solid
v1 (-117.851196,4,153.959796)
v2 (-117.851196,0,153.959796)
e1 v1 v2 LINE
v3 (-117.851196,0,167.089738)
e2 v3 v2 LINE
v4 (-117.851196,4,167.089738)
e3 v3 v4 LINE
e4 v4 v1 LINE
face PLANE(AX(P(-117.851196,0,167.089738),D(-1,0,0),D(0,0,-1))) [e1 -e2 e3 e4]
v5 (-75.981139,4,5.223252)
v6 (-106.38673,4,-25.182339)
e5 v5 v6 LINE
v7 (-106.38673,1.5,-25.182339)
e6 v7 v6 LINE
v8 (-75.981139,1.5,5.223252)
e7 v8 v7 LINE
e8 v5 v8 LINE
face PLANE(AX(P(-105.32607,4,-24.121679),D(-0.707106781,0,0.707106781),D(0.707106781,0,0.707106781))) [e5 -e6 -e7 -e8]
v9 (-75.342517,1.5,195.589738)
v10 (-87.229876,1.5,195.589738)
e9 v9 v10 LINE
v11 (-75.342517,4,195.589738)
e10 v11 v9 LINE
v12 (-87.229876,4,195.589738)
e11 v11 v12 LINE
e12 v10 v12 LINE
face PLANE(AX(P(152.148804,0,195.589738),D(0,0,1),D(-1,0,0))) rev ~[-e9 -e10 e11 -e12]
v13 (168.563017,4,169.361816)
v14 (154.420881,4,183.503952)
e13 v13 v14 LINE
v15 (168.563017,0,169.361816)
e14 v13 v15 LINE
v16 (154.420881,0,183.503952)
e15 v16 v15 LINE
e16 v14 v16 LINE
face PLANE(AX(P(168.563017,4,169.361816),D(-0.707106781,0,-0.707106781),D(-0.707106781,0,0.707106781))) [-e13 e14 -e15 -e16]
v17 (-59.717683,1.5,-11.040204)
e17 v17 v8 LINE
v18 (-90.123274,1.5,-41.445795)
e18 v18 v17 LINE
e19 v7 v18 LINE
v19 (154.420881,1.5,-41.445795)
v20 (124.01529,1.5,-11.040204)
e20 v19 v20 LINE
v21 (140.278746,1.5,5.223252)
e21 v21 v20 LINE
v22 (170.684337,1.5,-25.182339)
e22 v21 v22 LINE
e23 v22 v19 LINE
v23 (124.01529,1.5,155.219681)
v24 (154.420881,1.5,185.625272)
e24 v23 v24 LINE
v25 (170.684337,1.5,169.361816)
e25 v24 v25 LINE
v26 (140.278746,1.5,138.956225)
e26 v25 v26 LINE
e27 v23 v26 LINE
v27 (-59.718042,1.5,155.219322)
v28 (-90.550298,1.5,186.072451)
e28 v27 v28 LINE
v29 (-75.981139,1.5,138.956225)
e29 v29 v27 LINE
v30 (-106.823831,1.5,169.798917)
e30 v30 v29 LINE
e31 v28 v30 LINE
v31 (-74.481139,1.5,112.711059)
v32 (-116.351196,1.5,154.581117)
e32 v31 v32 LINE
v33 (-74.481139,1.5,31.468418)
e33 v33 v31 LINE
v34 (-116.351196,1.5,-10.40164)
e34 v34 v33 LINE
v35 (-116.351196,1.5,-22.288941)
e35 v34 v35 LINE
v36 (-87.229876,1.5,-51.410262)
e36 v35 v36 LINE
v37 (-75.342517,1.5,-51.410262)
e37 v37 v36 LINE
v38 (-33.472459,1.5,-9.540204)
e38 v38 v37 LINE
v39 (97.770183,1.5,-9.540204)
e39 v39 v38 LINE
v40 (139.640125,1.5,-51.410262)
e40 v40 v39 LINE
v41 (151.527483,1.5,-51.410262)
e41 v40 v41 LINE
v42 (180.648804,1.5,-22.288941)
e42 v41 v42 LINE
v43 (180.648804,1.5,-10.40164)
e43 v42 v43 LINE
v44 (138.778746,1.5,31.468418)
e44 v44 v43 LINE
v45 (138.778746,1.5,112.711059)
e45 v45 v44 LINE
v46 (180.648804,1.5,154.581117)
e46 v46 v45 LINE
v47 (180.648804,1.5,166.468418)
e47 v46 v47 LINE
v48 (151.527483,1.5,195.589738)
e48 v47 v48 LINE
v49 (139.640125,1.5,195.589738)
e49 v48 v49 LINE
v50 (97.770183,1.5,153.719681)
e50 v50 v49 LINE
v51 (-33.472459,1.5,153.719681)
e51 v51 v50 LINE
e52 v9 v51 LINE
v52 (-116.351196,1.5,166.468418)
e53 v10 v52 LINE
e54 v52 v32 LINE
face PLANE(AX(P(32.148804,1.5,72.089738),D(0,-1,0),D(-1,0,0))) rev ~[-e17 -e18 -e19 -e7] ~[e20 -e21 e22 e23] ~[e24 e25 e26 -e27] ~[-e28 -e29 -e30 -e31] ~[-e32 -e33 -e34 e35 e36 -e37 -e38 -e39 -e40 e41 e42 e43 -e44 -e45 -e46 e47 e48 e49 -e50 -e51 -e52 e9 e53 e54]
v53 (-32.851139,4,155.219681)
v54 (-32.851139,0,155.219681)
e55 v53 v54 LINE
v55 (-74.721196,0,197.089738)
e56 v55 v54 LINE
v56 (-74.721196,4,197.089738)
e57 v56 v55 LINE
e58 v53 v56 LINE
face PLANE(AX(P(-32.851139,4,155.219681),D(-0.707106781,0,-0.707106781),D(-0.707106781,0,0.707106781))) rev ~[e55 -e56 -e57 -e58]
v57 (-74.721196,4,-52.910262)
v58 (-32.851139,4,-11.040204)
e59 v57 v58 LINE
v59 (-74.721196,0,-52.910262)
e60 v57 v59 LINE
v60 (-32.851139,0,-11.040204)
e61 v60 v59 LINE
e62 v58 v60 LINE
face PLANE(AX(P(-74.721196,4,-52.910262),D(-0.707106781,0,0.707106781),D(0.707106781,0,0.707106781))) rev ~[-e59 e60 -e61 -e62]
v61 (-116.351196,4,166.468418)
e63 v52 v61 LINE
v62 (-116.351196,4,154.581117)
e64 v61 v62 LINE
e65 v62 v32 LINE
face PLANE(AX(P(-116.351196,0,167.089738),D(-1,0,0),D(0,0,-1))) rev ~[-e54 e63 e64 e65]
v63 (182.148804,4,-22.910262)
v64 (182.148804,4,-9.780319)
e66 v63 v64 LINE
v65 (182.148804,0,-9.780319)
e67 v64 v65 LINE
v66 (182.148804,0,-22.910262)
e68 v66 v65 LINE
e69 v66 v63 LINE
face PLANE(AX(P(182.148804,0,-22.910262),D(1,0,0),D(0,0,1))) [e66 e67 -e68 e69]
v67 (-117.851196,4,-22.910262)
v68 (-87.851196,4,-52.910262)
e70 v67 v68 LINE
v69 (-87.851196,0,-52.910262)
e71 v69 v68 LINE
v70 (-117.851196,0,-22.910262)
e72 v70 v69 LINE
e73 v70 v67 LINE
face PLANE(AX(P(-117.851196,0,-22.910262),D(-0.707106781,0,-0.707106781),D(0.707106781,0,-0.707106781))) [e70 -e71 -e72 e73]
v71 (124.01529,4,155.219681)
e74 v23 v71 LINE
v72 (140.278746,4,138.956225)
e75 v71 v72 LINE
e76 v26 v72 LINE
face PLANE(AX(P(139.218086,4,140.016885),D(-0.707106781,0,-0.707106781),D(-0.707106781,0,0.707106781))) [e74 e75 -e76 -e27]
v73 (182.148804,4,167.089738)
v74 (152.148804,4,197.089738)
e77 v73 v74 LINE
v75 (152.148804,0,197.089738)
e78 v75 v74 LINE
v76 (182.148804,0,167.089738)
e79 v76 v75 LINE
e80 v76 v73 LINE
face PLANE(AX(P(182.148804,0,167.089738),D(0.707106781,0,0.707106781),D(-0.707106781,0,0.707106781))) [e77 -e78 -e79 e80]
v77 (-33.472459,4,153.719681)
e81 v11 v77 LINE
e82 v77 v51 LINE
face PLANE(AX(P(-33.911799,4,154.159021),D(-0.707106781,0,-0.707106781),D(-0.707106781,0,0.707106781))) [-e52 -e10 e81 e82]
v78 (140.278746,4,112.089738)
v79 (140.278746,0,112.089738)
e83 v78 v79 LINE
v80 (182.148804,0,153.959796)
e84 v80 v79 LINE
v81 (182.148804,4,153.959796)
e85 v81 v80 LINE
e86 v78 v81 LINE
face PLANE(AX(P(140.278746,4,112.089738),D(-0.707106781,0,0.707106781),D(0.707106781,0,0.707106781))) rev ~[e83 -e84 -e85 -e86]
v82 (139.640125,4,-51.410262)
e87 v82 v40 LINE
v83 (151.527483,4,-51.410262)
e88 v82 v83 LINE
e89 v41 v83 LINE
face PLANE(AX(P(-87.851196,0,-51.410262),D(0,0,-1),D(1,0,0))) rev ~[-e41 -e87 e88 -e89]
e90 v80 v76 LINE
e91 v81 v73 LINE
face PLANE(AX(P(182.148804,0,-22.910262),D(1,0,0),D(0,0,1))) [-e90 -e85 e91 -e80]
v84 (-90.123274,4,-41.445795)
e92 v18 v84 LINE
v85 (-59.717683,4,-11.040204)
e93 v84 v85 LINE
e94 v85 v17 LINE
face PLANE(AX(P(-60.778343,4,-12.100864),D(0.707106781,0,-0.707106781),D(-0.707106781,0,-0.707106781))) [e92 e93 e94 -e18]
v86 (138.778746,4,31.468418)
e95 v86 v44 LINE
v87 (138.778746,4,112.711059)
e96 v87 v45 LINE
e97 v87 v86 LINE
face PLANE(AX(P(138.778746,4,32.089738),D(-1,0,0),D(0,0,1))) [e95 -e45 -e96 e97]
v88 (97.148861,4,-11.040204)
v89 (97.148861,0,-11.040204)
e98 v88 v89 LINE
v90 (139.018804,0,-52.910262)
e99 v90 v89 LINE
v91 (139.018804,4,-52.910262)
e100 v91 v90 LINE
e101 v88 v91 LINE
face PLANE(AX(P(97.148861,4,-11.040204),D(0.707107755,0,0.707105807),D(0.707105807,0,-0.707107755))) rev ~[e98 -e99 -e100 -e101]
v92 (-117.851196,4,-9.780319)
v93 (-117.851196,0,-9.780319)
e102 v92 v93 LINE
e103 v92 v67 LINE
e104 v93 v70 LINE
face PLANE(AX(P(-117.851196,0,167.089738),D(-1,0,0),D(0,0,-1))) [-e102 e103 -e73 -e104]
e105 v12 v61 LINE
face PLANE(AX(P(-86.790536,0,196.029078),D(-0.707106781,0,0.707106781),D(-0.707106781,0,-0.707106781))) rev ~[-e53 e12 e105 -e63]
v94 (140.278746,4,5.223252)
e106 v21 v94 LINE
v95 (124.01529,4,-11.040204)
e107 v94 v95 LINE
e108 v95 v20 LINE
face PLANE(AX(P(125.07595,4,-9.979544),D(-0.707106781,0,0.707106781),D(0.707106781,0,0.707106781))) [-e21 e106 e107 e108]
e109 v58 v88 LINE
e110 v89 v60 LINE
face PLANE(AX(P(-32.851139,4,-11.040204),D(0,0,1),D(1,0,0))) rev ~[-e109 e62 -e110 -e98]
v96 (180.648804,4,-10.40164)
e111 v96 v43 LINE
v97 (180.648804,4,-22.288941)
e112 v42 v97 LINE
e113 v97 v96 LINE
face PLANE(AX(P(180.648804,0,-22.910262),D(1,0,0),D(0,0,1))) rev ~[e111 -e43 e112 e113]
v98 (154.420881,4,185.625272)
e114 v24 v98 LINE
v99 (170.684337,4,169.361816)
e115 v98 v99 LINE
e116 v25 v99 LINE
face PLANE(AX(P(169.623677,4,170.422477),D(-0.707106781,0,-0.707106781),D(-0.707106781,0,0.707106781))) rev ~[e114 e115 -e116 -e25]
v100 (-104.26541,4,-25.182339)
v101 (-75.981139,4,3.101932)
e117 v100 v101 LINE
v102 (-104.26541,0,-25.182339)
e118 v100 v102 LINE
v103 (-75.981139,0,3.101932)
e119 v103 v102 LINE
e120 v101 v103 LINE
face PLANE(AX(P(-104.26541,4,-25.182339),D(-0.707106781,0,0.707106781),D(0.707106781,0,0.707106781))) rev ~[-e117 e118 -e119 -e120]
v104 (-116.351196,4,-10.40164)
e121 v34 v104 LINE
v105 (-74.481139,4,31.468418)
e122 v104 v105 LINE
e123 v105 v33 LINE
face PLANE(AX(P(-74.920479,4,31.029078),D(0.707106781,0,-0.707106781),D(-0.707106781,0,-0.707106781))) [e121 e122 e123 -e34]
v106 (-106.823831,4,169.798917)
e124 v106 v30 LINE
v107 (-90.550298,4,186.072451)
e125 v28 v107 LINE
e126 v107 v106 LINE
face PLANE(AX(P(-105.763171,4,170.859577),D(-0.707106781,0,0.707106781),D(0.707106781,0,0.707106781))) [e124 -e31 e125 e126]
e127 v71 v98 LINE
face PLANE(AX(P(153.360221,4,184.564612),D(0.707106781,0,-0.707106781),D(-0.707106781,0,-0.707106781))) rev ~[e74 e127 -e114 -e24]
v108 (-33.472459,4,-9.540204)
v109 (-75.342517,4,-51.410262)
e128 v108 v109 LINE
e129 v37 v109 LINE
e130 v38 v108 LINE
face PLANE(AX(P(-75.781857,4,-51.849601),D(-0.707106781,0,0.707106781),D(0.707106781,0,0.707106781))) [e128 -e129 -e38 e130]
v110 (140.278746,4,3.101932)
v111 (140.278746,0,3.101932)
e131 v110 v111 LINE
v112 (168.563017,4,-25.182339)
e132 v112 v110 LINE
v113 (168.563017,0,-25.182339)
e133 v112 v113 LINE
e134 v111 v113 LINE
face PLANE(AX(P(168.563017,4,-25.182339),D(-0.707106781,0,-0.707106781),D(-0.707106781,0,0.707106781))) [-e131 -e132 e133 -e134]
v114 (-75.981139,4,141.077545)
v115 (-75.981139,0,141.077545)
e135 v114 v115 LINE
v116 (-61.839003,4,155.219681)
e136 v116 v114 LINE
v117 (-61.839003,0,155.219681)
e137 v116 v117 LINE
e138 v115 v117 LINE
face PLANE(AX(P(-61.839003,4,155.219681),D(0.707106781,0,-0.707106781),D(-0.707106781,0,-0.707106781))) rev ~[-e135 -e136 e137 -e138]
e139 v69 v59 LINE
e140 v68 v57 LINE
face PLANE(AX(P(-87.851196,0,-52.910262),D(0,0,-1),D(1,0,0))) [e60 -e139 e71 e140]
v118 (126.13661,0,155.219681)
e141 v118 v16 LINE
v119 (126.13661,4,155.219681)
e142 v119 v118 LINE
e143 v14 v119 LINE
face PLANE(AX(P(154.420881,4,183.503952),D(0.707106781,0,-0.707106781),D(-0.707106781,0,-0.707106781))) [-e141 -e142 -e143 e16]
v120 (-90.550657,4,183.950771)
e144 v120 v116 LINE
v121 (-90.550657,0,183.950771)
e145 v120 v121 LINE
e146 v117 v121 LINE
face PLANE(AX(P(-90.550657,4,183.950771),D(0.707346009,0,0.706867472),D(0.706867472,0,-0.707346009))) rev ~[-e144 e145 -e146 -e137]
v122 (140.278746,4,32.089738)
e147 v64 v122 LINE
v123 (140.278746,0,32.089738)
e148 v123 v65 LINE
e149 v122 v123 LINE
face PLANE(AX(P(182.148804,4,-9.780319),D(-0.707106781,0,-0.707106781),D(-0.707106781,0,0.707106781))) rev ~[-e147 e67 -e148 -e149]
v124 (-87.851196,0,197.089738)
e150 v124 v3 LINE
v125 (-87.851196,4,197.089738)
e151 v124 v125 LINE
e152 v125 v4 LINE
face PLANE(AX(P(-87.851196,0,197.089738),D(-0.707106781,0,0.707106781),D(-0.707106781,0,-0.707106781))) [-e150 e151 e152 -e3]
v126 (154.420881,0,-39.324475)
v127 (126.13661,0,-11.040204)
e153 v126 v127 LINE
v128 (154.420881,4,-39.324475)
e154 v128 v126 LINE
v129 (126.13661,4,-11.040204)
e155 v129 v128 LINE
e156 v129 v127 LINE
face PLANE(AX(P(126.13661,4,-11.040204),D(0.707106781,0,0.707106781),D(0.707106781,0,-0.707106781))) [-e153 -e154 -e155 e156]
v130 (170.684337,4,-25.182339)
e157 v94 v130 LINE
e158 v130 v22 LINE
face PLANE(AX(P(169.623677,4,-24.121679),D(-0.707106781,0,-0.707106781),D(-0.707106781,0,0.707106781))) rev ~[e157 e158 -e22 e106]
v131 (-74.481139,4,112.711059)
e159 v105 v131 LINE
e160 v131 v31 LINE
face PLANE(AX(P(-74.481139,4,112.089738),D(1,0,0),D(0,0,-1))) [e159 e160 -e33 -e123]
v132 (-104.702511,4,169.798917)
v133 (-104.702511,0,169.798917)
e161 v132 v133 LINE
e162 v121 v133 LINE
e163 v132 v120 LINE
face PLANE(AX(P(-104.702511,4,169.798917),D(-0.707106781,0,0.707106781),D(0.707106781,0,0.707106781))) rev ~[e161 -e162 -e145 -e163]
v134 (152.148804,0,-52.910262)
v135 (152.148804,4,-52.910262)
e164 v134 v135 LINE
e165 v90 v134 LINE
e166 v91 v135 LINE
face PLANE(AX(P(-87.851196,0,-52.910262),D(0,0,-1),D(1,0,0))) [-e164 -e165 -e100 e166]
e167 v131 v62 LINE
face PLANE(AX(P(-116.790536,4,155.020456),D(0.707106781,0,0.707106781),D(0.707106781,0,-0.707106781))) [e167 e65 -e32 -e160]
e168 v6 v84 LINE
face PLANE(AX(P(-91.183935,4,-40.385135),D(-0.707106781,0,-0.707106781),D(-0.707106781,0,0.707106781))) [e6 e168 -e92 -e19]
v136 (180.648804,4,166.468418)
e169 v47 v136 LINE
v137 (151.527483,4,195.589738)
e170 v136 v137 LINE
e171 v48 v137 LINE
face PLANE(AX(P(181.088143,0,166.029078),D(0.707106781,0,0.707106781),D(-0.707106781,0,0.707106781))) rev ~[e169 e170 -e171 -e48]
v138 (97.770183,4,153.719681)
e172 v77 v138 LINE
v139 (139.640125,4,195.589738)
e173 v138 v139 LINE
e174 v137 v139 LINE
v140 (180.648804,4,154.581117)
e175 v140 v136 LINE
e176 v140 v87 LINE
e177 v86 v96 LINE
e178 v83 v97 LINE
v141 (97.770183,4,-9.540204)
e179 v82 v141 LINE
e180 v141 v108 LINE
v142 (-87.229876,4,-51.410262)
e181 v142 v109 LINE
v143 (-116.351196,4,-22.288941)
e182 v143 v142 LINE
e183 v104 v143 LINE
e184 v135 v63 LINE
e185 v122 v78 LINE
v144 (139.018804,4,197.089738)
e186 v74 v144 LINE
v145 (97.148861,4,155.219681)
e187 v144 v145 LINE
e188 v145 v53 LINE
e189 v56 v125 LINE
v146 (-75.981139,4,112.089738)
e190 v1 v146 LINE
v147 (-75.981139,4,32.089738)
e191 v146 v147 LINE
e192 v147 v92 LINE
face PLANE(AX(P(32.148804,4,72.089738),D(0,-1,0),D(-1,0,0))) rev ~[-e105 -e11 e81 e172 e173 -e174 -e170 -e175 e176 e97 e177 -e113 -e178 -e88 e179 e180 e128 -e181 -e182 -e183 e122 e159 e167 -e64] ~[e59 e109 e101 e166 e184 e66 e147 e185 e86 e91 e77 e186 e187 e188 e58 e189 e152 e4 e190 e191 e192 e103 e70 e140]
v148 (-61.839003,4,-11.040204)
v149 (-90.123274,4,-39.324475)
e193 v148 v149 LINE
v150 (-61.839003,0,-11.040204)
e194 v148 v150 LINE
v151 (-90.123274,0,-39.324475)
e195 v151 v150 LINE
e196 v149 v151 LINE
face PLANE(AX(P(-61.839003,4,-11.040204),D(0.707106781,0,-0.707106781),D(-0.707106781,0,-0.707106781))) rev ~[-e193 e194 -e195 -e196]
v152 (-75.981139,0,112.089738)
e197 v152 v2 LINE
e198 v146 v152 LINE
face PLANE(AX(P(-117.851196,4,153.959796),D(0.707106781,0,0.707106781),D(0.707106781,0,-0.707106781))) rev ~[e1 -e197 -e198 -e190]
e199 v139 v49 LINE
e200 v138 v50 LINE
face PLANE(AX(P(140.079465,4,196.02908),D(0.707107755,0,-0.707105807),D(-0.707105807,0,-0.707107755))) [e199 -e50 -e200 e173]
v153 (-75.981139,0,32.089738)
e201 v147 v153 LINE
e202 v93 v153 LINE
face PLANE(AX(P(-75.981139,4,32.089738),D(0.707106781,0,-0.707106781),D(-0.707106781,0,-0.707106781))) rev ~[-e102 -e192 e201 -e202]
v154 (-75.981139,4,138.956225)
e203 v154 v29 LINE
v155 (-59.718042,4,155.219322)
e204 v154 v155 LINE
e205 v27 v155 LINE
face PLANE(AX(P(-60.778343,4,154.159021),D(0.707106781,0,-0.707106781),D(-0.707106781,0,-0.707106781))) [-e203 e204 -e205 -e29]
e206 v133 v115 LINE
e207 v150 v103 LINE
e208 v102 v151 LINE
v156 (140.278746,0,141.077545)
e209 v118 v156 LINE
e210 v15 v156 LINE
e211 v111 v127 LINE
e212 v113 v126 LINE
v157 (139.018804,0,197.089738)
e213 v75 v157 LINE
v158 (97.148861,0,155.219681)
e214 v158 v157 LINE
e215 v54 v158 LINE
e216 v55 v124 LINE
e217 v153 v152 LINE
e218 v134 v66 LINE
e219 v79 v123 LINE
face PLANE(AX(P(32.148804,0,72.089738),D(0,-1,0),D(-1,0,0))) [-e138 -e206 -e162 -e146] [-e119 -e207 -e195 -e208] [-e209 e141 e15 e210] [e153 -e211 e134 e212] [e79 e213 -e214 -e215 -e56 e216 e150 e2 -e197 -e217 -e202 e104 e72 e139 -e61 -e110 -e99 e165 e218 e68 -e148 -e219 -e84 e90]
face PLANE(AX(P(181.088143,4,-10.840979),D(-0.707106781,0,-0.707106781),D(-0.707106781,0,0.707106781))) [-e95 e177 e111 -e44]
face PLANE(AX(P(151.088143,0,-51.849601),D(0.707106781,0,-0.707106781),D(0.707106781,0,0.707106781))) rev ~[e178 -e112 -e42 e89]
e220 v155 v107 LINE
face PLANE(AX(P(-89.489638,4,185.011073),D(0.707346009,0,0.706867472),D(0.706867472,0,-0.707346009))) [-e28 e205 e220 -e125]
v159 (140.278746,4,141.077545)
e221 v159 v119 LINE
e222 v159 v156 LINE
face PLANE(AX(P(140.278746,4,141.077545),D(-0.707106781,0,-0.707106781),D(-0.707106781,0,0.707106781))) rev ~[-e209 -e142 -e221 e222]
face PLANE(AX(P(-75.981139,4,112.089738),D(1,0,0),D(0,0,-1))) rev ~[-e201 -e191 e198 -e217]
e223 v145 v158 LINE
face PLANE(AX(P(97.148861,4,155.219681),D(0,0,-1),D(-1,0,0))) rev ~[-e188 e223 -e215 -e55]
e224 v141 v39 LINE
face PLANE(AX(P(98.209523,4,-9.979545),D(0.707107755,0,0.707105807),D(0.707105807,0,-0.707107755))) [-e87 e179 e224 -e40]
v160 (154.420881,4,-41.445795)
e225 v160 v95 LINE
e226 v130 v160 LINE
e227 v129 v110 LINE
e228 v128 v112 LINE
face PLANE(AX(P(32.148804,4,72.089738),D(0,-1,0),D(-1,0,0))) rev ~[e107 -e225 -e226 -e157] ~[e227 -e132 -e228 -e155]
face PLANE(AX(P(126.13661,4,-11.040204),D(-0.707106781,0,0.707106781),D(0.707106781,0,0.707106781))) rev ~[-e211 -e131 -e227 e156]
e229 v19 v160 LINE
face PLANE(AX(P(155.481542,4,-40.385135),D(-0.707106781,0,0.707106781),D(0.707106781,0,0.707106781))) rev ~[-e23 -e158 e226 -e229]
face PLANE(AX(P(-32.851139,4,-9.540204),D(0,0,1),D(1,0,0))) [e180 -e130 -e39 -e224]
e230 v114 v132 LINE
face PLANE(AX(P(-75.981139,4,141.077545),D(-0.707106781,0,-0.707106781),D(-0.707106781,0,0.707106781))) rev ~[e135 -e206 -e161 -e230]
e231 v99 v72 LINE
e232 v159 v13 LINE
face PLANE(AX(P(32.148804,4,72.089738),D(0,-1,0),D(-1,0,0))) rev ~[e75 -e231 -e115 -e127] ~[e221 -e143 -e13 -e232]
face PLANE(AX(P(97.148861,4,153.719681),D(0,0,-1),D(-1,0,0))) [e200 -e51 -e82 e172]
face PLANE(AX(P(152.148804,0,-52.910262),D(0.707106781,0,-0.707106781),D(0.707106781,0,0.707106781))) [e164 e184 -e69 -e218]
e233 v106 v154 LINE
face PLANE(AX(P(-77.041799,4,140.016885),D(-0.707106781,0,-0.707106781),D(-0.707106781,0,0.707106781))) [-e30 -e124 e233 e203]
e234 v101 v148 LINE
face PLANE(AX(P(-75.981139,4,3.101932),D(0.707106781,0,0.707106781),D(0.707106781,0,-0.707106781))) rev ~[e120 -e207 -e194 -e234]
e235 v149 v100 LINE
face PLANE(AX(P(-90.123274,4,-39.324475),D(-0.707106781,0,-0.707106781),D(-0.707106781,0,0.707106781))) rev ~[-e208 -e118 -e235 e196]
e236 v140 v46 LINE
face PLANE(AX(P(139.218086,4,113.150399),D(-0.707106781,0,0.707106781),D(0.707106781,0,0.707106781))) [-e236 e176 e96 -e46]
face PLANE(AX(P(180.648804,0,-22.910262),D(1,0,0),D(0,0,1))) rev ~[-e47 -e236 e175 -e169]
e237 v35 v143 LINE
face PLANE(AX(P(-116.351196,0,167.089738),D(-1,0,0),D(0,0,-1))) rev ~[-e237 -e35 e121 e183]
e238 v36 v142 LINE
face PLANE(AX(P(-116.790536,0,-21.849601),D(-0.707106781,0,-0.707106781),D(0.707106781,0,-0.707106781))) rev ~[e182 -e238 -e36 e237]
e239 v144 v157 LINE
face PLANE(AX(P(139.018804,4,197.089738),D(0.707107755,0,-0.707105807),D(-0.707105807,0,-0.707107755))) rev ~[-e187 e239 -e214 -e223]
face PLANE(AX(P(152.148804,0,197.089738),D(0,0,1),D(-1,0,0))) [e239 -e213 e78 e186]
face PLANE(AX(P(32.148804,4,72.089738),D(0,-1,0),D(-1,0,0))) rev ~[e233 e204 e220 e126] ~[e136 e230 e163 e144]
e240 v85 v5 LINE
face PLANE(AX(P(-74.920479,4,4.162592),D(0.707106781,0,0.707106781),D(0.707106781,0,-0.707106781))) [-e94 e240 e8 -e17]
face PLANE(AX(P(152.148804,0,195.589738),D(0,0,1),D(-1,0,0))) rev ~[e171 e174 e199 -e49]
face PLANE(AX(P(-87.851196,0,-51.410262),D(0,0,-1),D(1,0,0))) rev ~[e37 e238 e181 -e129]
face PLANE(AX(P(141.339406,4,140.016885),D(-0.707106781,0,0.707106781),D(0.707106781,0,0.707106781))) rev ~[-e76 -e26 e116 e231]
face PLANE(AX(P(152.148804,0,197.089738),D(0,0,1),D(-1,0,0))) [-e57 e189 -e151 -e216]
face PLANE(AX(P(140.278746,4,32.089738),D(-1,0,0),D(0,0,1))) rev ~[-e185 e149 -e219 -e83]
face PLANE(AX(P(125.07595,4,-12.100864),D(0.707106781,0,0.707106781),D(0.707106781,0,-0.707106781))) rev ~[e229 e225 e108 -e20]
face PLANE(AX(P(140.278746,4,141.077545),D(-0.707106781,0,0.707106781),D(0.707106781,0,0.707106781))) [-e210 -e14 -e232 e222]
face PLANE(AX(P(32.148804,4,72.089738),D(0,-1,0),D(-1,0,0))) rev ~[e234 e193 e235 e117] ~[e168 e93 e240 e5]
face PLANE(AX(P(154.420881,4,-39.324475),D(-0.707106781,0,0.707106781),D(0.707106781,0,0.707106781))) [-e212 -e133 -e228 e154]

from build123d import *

# Parameters (mm, degrees)
BOSS_EXTRUDE1_DEPTH = 4
CUT_EXTRUDE1_DEPTH  = 5
CUT_EXTRUDE3_DEPTH  = 5
CUT_EXTRUDE4_DEPTH  = 5
CUT_EXTRUDE5_DEPTH  = 5
SHELL1_T            = -1.5


with BuildPart() as part:
    # Sketch1 → Boss-Extrude1 (new body)
    with BuildSketch(Plane(origin=(0, 0, 0), x_dir=(1, 0, 0), z_dir=(0, 1, 0))):
        Polygon((-87.851196474, 52.910261526), (152.148803526, 52.910261526), (182.148803526, 22.910261526), (182.148803526, -167.089738474), (152.148803526, -197.089738474), (-87.851196474, -197.089738474), (-117.851196474, -167.089738474), (-117.851196474, 22.910261526), align=None)
    extrude(amount=BOSS_EXTRUDE1_DEPTH)

    # Sketch2 → Cut-Extrude1 (cut)
    with BuildSketch(Plane(origin=(0, 4, 0), x_dir=(1, 0, 0), z_dir=(0, 1, 0))):
        Polygon((-75.981138789, -72.089738474), (-75.981138789, -32.089738474), (-117.851196474, 9.780319211), (-117.851196474, -153.959796159), (-75.981138789, -112.089738474), align=None)
    extrude(amount=-CUT_EXTRUDE1_DEPTH, mode=Mode.SUBTRACT)

    # Sketch2<5> → Cut-Extrude3 (cut)
    with BuildSketch(Plane(origin=(0, 4, 0), x_dir=(1, 0, 0), z_dir=(0, 1, 0))):
        Polygon((140.278745841, -72.089738474), (140.278745841, -112.089738474), (182.148803526, -153.959796159), (182.148803526, 9.780319211), (140.278745841, -32.089738474), align=None)
    extrude(amount=-CUT_EXTRUDE3_DEPTH, mode=Mode.SUBTRACT)

    # Sketch2<6> → Cut-Extrude4 (cut)
    with BuildSketch(Plane(origin=(0, 4, 0), x_dir=(1, 0, 0), z_dir=(0, 1, 0))):
        Polygon((-61.839003165, -155.219680789), (-75.981138789, -141.077545165), (-104.702510795, -169.798917171), (-90.550656516, -183.95077145), align=None)
        Polygon((-75.981138789, -3.101931783), (-61.839003165, 11.040203841), (-90.123274413, 39.324475088), (-104.265410036, 25.182339465), align=None)
        Polygon((168.563017088, 25.182339465), (154.420881465, 39.324475088), (126.136610217, 11.040203841), (140.278745841, -3.101931783), align=None)
        Polygon((140.278745841, -141.077545165), (126.136610217, -155.219680789), (154.420881465, -183.503952036), (168.563017088, -169.361816413), align=None)
    extrude(amount=-CUT_EXTRUDE4_DEPTH, mode=Mode.SUBTRACT)

    # Sketch2<7> → Cut-Extrude5 (cut)
    with BuildSketch(Plane(origin=(0, 4, 0), x_dir=(1, 0, 0), z_dir=(0, 1, 0))):
        Polygon((139.018803526, 52.910261526), (-74.721196474, 52.910261526), (-32.851138789, 11.040203841), (97.148861211, 11.040203841), align=None)
        Polygon((-74.721196474, -197.089738474), (139.018803526, -197.089738474), (97.148861211, -155.219680789), (-32.851138789, -155.219680789), align=None)
    extrude(amount=-CUT_EXTRUDE5_DEPTH, mode=Mode.SUBTRACT)

    # Shell1
    shell1_openings = [part.faces().sort_by_distance(p)[0] for p in [
        (147.349813653, 4, 162.290748601),
    ]]
    offset(amount=SHELL1_T, openings=shell1_openings, kind=Kind.INTERSECTION)


solid = part.part
